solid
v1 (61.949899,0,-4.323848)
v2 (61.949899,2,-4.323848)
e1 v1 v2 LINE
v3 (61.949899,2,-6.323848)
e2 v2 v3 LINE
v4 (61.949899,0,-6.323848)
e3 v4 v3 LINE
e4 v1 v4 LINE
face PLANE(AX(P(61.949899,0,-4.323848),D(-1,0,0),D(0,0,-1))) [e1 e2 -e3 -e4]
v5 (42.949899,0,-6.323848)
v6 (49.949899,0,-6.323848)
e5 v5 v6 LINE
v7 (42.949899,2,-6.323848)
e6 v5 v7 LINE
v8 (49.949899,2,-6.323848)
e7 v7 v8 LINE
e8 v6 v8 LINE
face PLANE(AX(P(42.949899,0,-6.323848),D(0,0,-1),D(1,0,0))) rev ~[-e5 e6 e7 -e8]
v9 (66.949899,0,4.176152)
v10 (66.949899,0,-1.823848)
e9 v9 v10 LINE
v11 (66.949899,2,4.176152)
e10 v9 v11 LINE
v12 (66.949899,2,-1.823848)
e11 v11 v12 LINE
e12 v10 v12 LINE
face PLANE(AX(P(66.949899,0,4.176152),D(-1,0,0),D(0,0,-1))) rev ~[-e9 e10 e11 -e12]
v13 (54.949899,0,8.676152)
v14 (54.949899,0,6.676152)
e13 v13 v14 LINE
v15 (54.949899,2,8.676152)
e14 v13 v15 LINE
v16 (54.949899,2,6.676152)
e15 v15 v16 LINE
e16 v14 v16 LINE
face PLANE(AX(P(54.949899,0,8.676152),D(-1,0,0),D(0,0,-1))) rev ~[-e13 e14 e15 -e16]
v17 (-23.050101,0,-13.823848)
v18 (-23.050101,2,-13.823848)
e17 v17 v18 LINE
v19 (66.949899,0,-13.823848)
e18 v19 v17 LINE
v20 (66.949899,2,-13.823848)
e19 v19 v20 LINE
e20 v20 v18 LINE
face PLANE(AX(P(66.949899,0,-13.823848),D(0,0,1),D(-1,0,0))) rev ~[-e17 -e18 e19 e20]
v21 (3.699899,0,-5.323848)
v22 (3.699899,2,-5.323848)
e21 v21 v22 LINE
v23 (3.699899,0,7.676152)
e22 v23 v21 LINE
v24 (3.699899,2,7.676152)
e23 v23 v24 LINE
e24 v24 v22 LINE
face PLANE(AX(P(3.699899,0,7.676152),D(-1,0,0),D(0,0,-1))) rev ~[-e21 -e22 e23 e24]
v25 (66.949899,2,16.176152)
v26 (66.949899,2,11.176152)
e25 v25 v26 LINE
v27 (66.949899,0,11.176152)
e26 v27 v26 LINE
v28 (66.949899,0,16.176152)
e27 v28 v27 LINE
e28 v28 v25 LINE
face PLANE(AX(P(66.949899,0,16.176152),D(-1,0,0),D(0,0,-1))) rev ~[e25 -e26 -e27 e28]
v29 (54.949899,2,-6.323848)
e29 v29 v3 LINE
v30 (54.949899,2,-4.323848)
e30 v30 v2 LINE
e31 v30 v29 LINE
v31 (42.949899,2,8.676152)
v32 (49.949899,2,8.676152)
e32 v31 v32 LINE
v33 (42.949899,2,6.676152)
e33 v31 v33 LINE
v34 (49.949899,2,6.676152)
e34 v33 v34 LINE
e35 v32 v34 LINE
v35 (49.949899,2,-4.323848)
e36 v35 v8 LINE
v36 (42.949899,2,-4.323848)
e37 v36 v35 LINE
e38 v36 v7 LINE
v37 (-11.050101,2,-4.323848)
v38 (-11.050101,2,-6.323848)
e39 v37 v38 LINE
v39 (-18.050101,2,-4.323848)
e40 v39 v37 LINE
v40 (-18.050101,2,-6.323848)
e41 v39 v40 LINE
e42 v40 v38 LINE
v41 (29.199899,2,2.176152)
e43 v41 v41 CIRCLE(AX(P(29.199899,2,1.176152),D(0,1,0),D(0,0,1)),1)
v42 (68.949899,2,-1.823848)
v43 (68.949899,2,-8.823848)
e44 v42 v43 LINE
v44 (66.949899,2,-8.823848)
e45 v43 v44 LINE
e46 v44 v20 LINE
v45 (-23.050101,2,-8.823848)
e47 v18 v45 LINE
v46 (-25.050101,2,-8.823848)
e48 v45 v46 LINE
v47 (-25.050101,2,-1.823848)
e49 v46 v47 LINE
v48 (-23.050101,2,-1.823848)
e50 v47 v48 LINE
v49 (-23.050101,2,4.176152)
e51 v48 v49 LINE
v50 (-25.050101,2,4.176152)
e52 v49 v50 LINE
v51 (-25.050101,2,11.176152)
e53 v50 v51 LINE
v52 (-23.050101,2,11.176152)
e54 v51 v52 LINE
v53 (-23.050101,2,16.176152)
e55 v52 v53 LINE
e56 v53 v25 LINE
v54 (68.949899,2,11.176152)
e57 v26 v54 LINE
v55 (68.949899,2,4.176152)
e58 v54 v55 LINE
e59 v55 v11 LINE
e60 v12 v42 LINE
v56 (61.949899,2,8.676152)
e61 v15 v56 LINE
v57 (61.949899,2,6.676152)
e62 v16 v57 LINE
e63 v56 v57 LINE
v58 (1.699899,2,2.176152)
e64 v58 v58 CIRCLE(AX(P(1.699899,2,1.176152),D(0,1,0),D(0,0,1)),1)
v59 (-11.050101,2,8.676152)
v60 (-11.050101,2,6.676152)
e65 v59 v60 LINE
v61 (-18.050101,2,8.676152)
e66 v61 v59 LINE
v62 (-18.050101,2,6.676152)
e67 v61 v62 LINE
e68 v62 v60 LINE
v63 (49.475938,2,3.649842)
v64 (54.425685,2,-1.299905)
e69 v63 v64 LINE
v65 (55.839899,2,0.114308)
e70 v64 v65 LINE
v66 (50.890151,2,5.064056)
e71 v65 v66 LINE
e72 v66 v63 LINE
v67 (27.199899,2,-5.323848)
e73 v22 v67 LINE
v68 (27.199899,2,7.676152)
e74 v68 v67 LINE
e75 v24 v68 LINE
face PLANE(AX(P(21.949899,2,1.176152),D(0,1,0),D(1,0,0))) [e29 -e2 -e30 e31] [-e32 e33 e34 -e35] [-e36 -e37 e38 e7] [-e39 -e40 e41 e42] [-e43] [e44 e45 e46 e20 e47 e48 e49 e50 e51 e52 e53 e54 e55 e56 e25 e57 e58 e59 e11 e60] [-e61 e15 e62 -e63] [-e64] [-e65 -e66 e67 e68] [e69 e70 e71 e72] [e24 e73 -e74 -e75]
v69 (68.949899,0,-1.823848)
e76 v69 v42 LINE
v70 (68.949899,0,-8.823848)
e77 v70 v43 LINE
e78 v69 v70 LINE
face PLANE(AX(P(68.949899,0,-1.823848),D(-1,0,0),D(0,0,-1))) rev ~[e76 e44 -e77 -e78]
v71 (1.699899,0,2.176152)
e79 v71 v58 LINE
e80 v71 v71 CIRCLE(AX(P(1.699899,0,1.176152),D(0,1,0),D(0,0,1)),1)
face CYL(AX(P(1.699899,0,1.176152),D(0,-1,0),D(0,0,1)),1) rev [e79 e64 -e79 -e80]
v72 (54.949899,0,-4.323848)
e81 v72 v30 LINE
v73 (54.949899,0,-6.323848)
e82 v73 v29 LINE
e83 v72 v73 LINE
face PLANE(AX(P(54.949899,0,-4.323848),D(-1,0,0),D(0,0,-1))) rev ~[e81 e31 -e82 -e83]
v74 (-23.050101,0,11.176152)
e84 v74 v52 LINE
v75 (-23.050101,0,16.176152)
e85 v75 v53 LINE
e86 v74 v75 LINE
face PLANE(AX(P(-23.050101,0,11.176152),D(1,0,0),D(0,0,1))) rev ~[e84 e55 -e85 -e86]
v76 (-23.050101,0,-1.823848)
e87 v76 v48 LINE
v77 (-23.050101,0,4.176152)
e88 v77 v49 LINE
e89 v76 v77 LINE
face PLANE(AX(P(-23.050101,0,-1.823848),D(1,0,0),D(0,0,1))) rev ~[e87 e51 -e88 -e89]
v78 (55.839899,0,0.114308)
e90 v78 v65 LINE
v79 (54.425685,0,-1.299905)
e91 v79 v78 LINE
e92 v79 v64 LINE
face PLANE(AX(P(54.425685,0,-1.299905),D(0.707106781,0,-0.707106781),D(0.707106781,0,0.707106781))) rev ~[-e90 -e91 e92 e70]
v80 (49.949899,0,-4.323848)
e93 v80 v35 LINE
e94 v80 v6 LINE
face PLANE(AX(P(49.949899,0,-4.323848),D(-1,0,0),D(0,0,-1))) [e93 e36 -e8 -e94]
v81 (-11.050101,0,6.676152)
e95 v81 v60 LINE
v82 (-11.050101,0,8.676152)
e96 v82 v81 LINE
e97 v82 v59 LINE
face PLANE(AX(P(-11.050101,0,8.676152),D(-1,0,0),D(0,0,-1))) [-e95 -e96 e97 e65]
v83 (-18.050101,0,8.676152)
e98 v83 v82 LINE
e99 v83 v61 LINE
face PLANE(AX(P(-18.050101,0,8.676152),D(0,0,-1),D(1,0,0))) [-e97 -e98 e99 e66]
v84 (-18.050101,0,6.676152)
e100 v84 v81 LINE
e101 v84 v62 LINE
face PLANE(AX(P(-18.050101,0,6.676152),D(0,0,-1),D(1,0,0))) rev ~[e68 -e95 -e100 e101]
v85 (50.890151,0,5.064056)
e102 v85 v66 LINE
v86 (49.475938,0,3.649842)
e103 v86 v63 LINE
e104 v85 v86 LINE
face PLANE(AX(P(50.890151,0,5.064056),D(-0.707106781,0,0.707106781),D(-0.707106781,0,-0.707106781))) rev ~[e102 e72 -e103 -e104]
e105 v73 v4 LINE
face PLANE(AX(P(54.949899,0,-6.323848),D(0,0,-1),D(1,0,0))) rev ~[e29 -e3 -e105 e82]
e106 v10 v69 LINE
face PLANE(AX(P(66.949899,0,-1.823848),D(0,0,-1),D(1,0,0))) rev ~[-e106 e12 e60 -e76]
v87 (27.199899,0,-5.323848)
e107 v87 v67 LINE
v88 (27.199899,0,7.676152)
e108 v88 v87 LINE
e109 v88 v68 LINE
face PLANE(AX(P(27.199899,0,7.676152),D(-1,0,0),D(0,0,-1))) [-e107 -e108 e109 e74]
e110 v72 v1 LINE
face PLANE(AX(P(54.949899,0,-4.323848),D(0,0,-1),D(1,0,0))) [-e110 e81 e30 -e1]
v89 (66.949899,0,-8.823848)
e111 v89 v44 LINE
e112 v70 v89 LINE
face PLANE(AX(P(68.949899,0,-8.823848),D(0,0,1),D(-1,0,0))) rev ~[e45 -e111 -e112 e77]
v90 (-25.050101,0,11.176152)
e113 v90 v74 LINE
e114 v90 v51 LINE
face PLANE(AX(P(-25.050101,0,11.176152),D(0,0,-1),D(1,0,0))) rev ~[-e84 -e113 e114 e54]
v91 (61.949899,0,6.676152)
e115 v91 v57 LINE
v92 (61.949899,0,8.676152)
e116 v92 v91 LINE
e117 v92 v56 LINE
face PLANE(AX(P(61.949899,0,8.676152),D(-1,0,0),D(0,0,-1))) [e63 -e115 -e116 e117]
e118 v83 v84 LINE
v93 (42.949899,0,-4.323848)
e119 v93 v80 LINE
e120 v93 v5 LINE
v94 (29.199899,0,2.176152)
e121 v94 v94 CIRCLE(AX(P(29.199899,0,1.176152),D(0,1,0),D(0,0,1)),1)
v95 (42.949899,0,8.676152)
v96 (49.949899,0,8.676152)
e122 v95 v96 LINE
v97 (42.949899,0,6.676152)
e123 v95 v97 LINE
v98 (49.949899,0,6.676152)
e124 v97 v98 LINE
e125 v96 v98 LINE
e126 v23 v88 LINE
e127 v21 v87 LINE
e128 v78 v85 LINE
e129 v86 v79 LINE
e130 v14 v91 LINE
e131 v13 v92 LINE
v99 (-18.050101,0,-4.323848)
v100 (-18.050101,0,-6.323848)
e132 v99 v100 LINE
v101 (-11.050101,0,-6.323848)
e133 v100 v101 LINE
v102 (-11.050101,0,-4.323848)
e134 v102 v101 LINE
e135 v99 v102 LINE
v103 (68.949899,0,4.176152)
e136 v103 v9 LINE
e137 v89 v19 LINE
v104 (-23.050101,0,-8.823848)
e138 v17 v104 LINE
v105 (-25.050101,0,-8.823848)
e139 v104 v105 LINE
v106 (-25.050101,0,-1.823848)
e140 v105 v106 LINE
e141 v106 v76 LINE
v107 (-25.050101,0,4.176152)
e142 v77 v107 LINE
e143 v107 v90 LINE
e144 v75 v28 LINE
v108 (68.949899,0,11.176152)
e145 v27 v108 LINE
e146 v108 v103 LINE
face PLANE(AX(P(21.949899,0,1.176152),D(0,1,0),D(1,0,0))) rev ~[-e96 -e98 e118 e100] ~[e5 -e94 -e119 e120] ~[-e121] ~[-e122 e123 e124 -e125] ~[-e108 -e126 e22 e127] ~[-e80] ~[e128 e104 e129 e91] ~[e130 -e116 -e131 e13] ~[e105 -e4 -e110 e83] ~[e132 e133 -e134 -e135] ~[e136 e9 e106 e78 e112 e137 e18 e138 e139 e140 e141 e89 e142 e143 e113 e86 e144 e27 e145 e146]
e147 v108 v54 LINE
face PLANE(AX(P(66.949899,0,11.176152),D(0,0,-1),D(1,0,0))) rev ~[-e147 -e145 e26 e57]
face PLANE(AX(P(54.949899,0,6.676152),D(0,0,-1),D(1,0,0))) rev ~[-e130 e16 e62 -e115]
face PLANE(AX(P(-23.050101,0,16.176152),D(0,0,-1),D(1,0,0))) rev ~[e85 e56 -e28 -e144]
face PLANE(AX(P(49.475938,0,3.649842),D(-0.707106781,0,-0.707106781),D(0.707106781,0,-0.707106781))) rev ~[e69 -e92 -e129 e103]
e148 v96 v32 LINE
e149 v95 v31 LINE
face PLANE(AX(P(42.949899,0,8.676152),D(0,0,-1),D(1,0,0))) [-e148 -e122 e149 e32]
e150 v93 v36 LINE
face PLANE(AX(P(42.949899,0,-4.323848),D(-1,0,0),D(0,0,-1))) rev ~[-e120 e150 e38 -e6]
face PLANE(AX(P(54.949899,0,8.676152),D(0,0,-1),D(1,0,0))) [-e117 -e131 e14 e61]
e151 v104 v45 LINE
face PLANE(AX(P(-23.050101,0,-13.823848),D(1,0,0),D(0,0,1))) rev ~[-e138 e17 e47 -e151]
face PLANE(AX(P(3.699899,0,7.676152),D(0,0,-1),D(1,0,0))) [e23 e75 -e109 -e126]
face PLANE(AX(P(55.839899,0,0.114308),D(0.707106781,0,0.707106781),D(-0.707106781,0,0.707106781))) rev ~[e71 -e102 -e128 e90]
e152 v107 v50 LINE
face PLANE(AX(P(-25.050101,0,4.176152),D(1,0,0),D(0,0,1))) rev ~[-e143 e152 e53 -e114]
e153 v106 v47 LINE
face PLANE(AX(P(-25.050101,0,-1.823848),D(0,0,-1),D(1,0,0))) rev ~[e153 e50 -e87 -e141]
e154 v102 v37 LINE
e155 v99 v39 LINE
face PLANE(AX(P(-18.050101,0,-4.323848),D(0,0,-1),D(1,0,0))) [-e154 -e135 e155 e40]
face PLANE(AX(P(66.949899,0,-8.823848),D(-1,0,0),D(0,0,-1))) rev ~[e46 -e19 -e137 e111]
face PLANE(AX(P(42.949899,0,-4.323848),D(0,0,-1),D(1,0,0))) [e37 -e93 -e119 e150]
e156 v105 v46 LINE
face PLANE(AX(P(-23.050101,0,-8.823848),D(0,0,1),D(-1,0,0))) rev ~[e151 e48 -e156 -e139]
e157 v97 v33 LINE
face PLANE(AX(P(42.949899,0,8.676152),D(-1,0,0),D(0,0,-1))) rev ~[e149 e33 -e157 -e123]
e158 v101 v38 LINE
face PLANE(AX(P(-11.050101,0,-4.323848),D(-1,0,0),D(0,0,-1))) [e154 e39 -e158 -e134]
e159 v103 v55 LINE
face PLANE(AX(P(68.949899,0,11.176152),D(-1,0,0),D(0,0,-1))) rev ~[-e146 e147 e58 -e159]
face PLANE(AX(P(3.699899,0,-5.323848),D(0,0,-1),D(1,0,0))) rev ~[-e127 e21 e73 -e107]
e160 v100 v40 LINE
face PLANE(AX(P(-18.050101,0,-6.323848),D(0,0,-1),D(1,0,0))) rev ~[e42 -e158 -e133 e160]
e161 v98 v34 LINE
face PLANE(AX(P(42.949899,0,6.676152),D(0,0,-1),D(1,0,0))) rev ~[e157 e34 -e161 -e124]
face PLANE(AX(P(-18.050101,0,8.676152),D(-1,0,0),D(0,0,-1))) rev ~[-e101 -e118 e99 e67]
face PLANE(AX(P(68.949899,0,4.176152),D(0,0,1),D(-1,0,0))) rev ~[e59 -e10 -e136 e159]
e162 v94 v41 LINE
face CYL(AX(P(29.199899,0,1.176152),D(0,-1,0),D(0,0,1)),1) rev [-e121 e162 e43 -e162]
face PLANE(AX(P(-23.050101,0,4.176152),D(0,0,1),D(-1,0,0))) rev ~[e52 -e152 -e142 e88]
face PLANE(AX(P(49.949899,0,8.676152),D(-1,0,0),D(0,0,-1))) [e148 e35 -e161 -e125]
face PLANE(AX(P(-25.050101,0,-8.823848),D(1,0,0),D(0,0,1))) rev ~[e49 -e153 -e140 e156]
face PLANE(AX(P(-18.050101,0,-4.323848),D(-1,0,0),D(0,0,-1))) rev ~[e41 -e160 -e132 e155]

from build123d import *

# Parameters (mm, degrees)
SKETCH1_W           = 7
SKETCH1_H           = 2
SKETCH1_R           = 1
SKETCH1_W_2         = 23.5
SKETCH1_H_2         = 13
BOSS_EXTRUDE1_DEPTH = 2


with BuildPart() as part:
    # Sketch1 → Boss-Extrude1 (new body)
    with BuildSketch(Plane(origin=(0, 0, 0), x_dir=(1, 0, 0), z_dir=(0, 1, 0))):
        Polygon((66.949898611, 13.823848353), (-23.050101389, 13.823848353), (-23.050101389, 8.823848353), (-25.050101389, 8.823848353), (-25.050101389, 1.823848353), (-23.050101389, 1.823848353), (-23.050101389, -4.176151647), (-25.050101389, -4.176151647), (-25.050101389, -11.176151647), (-23.050101389, -11.176151647), (-23.050101389, -16.176151647), (66.949898611, -16.176151647), (66.949898611, -11.176151647), (68.949898611, -11.176151647), (68.949898611, -4.176151647), (66.949898611, -4.176151647), (66.949898611, 1.823848353), (68.949898611, 1.823848353), (68.949898611, 8.823848353), (66.949898611, 8.823848353), align=None)
        with Locations((-14.550101389, -7.676151647)):
            Rectangle(SKETCH1_W, SKETCH1_H, mode=Mode.SUBTRACT)
        with Locations(Location((1.699898611, -1.176151647, 0), (0, 0, 270))):
            Circle(SKETCH1_R, mode=Mode.SUBTRACT)
        with Locations((15.449898611, -1.176151647)):
            Rectangle(SKETCH1_W_2, SKETCH1_H_2, mode=Mode.SUBTRACT)
        with Locations(Location((29.199898611, -1.176151647, 0), (0, 0, 270))):
            Circle(SKETCH1_R, mode=Mode.SUBTRACT)
        with Locations((46.449898611, -7.676151647)):
            Rectangle(SKETCH1_W, SKETCH1_H, mode=Mode.SUBTRACT)
        with Locations((58.449898611, -7.676151647)):
            Rectangle(SKETCH1_W, SKETCH1_H, mode=Mode.SUBTRACT)
        Polygon((55.839898611, -0.11430823), (50.890151142, -5.064055698), (49.47593758, -3.649842135), (54.425685048, 1.299905333), align=None, mode=Mode.SUBTRACT)
        with Locations((-14.550101389, 5.323848353)):
            Rectangle(SKETCH1_W, SKETCH1_H, mode=Mode.SUBTRACT)
        with Locations((46.449898611, 5.323848353)):
            Rectangle(SKETCH1_W, SKETCH1_H, mode=Mode.SUBTRACT)
        with Locations((58.449898611, 5.323848353)):
            Rectangle(SKETCH1_W, SKETCH1_H, mode=Mode.SUBTRACT)
    extrude(amount=BOSS_EXTRUDE1_DEPTH)


solid = part.part
